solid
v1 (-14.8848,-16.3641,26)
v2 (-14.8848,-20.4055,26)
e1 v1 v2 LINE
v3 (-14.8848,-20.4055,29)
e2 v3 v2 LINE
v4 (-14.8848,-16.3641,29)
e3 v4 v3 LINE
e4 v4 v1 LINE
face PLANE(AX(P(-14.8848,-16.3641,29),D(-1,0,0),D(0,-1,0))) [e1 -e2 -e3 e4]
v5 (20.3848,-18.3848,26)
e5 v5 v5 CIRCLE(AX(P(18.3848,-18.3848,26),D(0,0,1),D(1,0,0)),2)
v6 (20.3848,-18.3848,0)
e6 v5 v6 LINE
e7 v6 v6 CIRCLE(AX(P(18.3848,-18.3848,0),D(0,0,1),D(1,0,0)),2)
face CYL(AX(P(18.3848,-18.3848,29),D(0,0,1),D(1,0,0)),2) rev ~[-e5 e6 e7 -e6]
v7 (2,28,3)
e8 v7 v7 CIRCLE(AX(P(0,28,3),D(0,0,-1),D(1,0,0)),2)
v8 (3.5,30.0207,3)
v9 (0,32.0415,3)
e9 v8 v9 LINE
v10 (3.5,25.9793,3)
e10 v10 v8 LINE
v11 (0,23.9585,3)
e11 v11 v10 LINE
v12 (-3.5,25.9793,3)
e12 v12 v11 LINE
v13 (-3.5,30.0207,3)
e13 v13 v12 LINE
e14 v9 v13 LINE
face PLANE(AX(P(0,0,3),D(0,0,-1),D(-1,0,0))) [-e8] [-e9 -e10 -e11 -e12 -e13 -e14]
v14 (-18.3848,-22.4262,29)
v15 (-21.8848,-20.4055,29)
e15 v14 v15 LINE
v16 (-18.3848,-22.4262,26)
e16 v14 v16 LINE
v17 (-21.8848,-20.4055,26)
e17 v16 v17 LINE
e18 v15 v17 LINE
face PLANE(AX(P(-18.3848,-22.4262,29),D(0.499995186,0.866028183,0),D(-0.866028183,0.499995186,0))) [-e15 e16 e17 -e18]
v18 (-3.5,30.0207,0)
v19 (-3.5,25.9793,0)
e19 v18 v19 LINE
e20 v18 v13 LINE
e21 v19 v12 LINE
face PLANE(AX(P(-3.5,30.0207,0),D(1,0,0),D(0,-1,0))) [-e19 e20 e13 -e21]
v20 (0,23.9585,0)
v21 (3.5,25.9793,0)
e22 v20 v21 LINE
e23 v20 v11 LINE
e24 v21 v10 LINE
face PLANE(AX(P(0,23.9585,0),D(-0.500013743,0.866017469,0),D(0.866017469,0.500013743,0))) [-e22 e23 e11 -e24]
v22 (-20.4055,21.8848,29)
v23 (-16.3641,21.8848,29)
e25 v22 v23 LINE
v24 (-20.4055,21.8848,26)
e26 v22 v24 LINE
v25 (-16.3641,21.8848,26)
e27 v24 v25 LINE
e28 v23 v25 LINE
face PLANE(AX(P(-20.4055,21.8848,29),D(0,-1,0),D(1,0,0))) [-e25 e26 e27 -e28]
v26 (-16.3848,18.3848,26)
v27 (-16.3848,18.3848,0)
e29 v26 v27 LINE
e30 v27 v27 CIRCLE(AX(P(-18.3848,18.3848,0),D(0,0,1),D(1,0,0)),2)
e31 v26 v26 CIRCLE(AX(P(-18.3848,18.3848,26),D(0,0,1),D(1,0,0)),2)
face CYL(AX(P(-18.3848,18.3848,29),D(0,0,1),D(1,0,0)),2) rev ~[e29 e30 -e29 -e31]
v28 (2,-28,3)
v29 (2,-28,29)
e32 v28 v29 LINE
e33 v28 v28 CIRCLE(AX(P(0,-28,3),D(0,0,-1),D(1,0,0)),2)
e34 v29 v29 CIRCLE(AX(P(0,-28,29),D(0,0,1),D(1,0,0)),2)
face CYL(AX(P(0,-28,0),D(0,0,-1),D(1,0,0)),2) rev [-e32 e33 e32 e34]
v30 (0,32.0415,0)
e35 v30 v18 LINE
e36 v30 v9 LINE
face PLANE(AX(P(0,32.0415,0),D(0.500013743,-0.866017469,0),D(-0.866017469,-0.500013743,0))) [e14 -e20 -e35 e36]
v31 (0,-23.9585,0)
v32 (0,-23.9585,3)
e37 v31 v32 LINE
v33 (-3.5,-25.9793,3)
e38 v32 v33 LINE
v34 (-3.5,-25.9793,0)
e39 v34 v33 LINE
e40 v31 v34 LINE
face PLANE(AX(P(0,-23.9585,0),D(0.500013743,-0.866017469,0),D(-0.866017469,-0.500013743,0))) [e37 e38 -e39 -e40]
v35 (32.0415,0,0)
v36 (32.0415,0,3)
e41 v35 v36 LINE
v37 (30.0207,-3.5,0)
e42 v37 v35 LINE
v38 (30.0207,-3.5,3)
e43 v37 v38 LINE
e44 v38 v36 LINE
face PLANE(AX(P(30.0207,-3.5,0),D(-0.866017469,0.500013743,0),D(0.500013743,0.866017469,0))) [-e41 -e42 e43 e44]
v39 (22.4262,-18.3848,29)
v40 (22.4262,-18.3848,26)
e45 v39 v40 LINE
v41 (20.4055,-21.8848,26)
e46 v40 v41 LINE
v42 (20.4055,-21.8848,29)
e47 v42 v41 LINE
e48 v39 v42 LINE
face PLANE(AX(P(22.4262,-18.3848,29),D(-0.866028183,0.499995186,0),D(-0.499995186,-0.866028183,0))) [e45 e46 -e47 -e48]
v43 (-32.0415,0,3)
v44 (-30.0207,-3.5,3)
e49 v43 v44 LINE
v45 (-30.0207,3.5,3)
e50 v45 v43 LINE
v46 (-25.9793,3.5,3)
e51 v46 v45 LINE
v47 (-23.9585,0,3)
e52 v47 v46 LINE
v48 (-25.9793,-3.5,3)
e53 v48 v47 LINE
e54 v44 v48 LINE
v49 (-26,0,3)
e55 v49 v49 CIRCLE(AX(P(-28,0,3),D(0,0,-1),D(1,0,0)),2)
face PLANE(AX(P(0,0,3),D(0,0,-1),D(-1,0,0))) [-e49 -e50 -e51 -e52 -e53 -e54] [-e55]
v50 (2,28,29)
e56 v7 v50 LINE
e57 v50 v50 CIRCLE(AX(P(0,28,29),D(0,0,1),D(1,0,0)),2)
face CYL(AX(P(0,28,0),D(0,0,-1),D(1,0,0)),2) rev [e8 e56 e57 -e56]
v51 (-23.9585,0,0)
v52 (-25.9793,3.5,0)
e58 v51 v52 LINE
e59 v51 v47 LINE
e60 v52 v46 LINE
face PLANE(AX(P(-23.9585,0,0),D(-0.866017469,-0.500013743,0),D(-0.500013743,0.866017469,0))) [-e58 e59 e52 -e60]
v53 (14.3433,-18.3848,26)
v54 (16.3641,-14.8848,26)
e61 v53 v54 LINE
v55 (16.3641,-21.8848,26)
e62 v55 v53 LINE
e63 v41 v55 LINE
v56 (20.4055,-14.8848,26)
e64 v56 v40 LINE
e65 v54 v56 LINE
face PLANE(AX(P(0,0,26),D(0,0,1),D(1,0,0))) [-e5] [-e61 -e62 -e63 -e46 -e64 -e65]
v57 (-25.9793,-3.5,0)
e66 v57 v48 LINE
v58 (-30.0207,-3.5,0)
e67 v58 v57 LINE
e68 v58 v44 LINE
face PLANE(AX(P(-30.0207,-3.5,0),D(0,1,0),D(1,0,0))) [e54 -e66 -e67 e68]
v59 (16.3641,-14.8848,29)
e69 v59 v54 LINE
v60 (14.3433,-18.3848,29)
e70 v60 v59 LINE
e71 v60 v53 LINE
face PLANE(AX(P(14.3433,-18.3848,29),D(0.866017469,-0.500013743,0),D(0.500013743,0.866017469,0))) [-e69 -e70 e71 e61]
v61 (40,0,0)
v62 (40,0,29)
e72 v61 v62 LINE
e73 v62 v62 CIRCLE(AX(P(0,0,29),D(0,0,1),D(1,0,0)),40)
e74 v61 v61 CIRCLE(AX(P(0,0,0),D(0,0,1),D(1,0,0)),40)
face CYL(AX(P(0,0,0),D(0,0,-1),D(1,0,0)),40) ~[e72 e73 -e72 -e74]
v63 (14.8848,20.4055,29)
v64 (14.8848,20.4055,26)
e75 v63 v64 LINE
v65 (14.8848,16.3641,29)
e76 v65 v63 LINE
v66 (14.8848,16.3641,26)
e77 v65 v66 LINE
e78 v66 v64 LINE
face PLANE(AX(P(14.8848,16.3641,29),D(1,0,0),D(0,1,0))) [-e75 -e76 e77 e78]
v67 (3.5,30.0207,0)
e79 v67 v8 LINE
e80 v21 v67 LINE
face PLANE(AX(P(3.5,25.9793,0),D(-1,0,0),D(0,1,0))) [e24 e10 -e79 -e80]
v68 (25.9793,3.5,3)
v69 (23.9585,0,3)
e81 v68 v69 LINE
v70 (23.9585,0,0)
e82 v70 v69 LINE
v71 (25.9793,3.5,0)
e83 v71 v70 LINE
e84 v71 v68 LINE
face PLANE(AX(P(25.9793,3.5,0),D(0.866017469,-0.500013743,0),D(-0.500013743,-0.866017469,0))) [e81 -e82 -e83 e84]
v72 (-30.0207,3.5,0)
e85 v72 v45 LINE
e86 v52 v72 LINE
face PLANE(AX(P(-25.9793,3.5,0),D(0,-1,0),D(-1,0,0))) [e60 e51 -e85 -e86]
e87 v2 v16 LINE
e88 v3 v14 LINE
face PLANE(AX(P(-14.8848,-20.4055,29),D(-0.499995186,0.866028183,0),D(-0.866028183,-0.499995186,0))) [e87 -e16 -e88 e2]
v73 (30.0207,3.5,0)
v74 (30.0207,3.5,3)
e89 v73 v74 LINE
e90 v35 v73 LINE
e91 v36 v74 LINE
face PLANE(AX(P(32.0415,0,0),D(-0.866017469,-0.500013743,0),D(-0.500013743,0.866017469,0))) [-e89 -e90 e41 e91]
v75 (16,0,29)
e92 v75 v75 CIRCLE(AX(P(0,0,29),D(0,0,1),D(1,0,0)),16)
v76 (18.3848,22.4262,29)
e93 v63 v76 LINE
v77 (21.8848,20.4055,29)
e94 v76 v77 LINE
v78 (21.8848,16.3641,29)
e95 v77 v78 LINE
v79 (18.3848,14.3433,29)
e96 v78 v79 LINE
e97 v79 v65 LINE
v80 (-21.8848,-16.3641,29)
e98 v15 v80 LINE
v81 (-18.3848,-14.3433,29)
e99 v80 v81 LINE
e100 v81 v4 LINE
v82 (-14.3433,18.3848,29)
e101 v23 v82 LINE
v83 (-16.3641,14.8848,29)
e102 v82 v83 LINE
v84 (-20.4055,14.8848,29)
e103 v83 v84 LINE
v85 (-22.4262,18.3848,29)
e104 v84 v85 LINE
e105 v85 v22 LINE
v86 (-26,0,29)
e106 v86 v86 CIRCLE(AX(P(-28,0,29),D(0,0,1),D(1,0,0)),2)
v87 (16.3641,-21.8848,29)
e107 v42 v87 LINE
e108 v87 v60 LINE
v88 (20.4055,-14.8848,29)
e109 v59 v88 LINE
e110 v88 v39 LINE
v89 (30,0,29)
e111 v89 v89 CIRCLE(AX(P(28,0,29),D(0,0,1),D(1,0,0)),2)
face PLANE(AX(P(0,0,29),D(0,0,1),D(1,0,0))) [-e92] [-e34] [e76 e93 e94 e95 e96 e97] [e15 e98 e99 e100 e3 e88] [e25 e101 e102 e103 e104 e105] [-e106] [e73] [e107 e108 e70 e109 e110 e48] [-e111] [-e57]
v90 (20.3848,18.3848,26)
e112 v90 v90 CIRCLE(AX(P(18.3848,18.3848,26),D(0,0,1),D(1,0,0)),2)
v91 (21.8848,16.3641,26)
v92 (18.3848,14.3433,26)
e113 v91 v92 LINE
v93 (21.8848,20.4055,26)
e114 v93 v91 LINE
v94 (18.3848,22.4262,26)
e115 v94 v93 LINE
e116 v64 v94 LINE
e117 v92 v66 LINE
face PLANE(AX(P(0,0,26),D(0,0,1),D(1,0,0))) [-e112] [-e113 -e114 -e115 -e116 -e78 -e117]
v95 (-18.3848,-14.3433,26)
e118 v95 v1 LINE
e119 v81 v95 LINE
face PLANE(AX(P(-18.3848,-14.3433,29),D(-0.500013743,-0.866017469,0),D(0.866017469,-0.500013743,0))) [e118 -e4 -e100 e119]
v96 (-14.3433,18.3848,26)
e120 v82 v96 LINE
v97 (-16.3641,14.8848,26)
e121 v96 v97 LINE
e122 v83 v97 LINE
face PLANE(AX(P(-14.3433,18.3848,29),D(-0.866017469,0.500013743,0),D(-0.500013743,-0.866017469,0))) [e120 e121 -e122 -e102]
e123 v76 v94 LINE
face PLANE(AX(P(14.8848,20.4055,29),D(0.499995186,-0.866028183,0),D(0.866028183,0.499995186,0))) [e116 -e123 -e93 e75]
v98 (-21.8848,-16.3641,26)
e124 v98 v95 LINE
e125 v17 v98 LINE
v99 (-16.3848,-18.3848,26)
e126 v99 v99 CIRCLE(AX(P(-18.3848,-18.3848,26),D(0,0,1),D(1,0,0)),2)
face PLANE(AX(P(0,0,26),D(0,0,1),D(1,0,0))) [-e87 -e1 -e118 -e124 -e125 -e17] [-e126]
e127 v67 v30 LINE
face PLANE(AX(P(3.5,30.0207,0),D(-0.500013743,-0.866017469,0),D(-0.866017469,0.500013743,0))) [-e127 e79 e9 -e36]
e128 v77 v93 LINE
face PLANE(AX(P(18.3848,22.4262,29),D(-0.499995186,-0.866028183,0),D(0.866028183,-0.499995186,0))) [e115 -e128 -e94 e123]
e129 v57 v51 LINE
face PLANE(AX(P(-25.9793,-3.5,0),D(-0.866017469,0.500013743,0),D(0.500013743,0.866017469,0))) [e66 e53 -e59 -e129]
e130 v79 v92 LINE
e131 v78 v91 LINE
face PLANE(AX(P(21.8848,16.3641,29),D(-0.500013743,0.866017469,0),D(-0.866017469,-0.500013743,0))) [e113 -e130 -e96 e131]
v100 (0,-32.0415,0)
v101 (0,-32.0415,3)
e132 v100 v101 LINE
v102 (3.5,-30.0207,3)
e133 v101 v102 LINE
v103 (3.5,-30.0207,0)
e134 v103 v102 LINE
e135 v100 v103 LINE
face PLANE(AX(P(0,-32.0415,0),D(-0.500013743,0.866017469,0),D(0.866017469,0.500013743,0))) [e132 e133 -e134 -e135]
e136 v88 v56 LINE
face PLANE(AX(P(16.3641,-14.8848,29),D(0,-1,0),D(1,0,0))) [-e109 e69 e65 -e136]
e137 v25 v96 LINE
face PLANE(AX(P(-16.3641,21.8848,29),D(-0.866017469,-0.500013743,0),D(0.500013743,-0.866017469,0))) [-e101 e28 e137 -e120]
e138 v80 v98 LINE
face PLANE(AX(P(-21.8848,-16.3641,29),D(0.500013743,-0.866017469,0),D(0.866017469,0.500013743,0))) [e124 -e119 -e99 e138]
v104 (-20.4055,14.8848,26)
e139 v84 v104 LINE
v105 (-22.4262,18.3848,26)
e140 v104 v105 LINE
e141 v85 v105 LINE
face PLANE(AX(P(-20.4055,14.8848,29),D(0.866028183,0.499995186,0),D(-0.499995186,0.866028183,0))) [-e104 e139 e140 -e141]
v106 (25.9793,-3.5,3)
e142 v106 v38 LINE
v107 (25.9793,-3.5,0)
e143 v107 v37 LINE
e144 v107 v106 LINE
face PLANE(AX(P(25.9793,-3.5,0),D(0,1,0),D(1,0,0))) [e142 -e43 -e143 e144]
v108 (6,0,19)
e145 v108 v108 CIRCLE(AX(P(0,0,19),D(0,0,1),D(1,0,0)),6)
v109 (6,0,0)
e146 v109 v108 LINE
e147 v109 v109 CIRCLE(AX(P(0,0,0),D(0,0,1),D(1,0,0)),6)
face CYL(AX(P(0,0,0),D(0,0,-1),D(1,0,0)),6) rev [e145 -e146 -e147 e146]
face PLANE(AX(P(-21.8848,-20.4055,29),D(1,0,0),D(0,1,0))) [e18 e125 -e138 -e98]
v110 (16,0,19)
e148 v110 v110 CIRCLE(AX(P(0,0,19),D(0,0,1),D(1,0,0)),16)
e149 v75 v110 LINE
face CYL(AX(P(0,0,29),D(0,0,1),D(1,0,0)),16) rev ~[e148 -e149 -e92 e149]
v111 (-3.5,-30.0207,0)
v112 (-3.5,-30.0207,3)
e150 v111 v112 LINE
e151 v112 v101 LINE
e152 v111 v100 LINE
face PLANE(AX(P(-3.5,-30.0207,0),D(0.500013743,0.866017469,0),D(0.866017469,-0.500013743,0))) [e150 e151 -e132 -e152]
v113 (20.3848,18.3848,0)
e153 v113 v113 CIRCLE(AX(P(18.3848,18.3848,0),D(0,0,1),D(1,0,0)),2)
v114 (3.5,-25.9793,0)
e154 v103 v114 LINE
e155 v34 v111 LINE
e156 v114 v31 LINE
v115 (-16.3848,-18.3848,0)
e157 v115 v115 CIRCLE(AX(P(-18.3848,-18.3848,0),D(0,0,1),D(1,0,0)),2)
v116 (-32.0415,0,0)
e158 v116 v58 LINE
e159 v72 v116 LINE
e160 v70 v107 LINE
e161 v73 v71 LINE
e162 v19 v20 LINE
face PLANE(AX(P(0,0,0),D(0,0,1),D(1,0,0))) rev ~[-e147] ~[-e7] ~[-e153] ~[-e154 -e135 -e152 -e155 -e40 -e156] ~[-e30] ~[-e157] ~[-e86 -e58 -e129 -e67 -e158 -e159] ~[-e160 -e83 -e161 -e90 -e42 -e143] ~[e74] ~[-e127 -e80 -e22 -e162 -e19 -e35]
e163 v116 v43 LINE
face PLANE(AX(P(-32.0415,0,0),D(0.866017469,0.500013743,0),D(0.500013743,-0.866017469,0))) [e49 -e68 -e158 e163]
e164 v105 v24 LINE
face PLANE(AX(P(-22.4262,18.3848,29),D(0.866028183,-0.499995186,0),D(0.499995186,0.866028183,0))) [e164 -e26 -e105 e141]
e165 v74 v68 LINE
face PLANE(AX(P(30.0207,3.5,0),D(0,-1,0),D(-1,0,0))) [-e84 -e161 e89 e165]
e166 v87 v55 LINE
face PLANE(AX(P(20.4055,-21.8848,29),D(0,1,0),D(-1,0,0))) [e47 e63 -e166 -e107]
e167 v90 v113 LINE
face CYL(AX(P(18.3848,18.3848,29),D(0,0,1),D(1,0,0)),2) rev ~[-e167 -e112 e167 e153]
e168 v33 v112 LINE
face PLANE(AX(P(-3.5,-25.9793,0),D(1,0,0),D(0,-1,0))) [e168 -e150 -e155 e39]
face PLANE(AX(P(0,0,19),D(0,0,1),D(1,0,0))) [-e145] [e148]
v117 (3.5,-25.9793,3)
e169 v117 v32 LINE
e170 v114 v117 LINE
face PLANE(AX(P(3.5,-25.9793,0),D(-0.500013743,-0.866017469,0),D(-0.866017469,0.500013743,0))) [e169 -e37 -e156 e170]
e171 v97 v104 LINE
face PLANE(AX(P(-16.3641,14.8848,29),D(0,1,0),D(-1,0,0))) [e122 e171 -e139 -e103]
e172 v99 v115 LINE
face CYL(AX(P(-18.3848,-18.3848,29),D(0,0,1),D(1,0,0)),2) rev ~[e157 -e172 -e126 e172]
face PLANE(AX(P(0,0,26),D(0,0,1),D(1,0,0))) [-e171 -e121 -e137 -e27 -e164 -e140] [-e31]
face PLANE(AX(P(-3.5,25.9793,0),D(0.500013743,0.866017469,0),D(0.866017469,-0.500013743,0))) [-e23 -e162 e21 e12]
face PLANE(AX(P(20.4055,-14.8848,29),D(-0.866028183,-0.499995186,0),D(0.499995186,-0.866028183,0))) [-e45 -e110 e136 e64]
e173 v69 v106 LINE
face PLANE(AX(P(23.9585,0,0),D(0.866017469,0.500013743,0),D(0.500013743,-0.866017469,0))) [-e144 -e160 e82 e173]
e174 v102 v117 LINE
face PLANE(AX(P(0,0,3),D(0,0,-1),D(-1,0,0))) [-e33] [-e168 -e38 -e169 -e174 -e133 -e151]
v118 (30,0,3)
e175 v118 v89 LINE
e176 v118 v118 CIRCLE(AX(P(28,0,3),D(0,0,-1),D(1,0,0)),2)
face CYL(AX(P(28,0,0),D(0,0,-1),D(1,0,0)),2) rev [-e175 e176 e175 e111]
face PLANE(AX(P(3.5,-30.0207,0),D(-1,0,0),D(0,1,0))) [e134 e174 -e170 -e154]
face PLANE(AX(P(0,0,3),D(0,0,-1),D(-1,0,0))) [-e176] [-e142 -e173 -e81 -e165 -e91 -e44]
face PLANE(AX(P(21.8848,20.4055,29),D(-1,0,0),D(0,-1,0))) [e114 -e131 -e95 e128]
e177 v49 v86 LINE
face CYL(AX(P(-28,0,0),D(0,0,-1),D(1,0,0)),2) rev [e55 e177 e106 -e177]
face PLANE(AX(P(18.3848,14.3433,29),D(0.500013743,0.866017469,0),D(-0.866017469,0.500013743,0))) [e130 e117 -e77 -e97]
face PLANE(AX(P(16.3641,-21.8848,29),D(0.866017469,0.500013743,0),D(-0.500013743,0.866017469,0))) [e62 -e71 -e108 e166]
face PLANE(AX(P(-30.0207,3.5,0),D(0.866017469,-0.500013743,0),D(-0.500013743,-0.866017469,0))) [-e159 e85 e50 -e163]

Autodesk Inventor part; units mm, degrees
ref_plane "YZ Plane" through (0, 0, 0) normal (1, 0, 0) x (0, 1, 0)
ref_plane "XZ Plane" through (0, 0, 0) normal (0, 1, 0) x (-1, 0, 0)
ref_plane "XY Plane" through (0, 0, 0) normal (0, 0, 1) x (1, 0, 0)
sketch "Esquisse1" plane through (0, 0, 0) normal (0, 0, 1) x (1, 0, 0)
  circle A0 centre (0, 0) radius 40
  circle A1 centre (0, 0) radius 6
  line L0 (0, 0) -> (16, 0) construction
  circle A2 centre (0, 0) radius 16 construction
  line L1 (6, 0) -> (16, 0) construction
  line L2 (0, 0) -> (0, 28) construction
  circle A3 centre (0, 28) radius 2
  circle A4 centre (-28, 0) radius 2
  circle A5 centre (0, -28) radius 2
  circle A6 centre (28, 0) radius 2
  dimension "d1" = 12
  dimension "d0" = 80
  dimension "d3" = 10
  dimension "d5" = 4
  dimension "d6" = 28
  dimension "d9" = 360
extrude "Extrusion1" add sketch "Esquisse1" along normal blind 29
sketch "Esquisse2" plane through (0, 0, 29) normal (0, 0, 1) x (1, 0, 0)
  circle A0 centre (0, 0) radius 6 projected
  circle A1 centre (0, 0) radius 40 projected
  line L0 (0, 0) -> (6, 0) construction
  line L1 (6, 0) -> (16, 0) construction
  circle A2 centre (0, 0) radius 16
  dimension "d15" = 10
extrude "Extrusion2" cut sketch "Esquisse2" against normal blind 10 contours A2
sketch "Esquisse3" plane through (0, 0, 0) normal (0, 0, -1) x (-1, 0, 0)
  circle A0 centre (0, 0) radius 6 projected
  circle A1 centre (-28, 0) radius 2 projected
  circle A2 centre (0, -28) radius 2 projected
  circle A3 centre (28, 0) radius 2 projected
  circle A4 centre (0, 28) radius 2 projected
  circle A5 centre (0, 0) radius 40 projected
  line L0 (3.5, 25.9793) -> (0, 23.9585)
  line L1 (0, 23.9585) -> (-3.5, 25.9793)
  line L2 (-3.5, 25.9793) -> (-3.5, 30.0207)
  line L3 (-3.5, 30.0207) -> (0, 32.0415)
  line L4 (0, 32.0415) -> (3.5, 30.0207)
  line L5 (3.5, 30.0207) -> (3.5, 25.9793)
  line L6 (-3.5, 25.9793) -> (3.5, 25.9793) construction
  line L7 (0, 0) -> (0, -40) construction
  line L8 (-25.9793, 3.5) -> (-23.9585, 0)
  line L9 (-23.9585, 0) -> (-25.9793, -3.5)
  line L10 (-25.9793, -3.5) -> (-30.0207, -3.5)
  line L11 (-30.0207, -3.5) -> (-32.0415, 0)
  line L12 (-32.0415, 0) -> (-30.0207, 3.5)
  line L13 (-30.0207, 3.5) -> (-25.9793, 3.5)
  line L14 (-3.5, -25.9793) -> (0, -23.9585)
  line L15 (0, -23.9585) -> (3.5, -25.9793)
  line L16 (3.5, -25.9793) -> (3.5, -30.0207)
  line L17 (3.5, -30.0207) -> (0, -32.0415)
  line L18 (0, -32.0415) -> (-3.5, -30.0207)
  line L19 (-3.5, -30.0207) -> (-3.5, -25.9793)
  line L20 (25.9793, -3.5) -> (23.9585, 0)
  line L21 (23.9585, 0) -> (25.9793, 3.5)
  line L22 (25.9793, 3.5) -> (30.0207, 3.5)
  line L23 (30.0207, 3.5) -> (32.0415, 0)
  line L24 (32.0415, 0) -> (30.0207, -3.5)
  line L25 (30.0207, -3.5) -> (25.9793, -3.5)
  point P0 (-25.9793, 3.5)
  point P1 (-3.5, -25.9793)
  point P2 (25.9793, -3.5)
  dimension "d18" = 7
  dimension "d21" = 360
extrude "Extrusion3" cut sketch "Esquisse3" against normal blind 3 contours L0 L1 L2 L3 L4 L5 | L8 L9 L10 L11 L12 L13 | L14 L15 L16 L17 L18 L19 | L20 L21 L22 L23 L24 L25
sketch "Esquisse4" plane through (0, 0, 29) normal (0, 0, 1) x (1, 0, 0)
  circle A0 centre (0, 0) radius 16 projected
  circle A1 centre (0, 0) radius 40 projected
  line L0 (0, 0) -> (18.3848, 18.3848) construction
  line L1 (0, 0) -> (26, 0) construction
  circle A2 centre (18.3848, 18.3848) radius 2
  circle A3 centre (-18.3848, 18.3848) radius 2
  circle A4 centre (-18.3848, -18.3848) radius 2
  circle A5 centre (18.3848, -18.3848) radius 2
  dimension "d25" = 26
  dimension "d26" = 45
  dimension "d27" = 4
  dimension "d30" = 360
extrude "Extrusion4" cut sketch "Esquisse4" against normal through all contours A2 | A3 | A4 | A5
sketch "Esquisse5" plane through (0, 0, 29) normal (0, 0, 1) x (1, 0, 0)
  circle A0 centre (-18.3848, -18.3848) radius 2 projected
  circle A1 centre (18.3848, 18.3848) radius 2 projected
  circle A2 centre (-18.3848, 18.3848) radius 2 projected
  circle A3 centre (18.3848, -18.3848) radius 2 projected
  circle A4 centre (0, 0) radius 16 projected
  circle A5 centre (0, 0) radius 40 projected
  line L0 (14.8848, 16.3641) -> (14.8848, 20.4055)
  line L1 (14.8848, 20.4055) -> (18.3848, 22.4262)
  line L2 (18.3848, 22.4262) -> (21.8848, 20.4055)
  line L3 (21.8848, 20.4055) -> (21.8848, 16.3641)
  line L4 (21.8848, 16.3641) -> (18.3848, 14.3433)
  line L5 (18.3848, 14.3433) -> (14.8848, 16.3641)
  line L6 (0, 0) -> (0, 40) construction
  line L7 (14.8848, 16.3641) -> (21.8848, 16.3641) construction
  line L8 (-16.3641, 14.8848) -> (-20.4055, 14.8848)
  line L9 (-20.4055, 14.8848) -> (-22.4262, 18.3848)
  line L10 (-22.4262, 18.3848) -> (-20.4055, 21.8848)
  line L11 (-20.4055, 21.8848) -> (-16.3641, 21.8848)
  line L12 (-16.3641, 21.8848) -> (-14.3433, 18.3848)
  line L13 (-14.3433, 18.3848) -> (-16.3641, 14.8848)
  line L14 (-14.8848, -16.3641) -> (-14.8848, -20.4055)
  line L15 (-14.8848, -20.4055) -> (-18.3848, -22.4262)
  line L16 (-18.3848, -22.4262) -> (-21.8848, -20.4055)
  line L17 (-21.8848, -20.4055) -> (-21.8848, -16.3641)
  line L18 (-21.8848, -16.3641) -> (-18.3848, -14.3433)
  line L19 (-18.3848, -14.3433) -> (-14.8848, -16.3641)
  line L20 (16.3641, -14.8848) -> (20.4055, -14.8848)
  line L21 (20.4055, -14.8848) -> (22.4262, -18.3848)
  line L22 (22.4262, -18.3848) -> (20.4055, -21.8848)
  line L23 (20.4055, -21.8848) -> (16.3641, -21.8848)
  line L24 (16.3641, -21.8848) -> (14.3433, -18.3848)
  line L25 (14.3433, -18.3848) -> (16.3641, -14.8848)
  dimension "d34" = 7
  dimension "d37" = 360
extrude "Extrusion5" cut sketch "Esquisse5" against normal blind 3 contours L0 L1 L2 L3 L4 L5 | L8 L9 L10 L11 L12 L13 | L14 L15 L16 L17 L18 L19 | L20 L21 L22 L23 L24 L25
properties part number "bowl"
